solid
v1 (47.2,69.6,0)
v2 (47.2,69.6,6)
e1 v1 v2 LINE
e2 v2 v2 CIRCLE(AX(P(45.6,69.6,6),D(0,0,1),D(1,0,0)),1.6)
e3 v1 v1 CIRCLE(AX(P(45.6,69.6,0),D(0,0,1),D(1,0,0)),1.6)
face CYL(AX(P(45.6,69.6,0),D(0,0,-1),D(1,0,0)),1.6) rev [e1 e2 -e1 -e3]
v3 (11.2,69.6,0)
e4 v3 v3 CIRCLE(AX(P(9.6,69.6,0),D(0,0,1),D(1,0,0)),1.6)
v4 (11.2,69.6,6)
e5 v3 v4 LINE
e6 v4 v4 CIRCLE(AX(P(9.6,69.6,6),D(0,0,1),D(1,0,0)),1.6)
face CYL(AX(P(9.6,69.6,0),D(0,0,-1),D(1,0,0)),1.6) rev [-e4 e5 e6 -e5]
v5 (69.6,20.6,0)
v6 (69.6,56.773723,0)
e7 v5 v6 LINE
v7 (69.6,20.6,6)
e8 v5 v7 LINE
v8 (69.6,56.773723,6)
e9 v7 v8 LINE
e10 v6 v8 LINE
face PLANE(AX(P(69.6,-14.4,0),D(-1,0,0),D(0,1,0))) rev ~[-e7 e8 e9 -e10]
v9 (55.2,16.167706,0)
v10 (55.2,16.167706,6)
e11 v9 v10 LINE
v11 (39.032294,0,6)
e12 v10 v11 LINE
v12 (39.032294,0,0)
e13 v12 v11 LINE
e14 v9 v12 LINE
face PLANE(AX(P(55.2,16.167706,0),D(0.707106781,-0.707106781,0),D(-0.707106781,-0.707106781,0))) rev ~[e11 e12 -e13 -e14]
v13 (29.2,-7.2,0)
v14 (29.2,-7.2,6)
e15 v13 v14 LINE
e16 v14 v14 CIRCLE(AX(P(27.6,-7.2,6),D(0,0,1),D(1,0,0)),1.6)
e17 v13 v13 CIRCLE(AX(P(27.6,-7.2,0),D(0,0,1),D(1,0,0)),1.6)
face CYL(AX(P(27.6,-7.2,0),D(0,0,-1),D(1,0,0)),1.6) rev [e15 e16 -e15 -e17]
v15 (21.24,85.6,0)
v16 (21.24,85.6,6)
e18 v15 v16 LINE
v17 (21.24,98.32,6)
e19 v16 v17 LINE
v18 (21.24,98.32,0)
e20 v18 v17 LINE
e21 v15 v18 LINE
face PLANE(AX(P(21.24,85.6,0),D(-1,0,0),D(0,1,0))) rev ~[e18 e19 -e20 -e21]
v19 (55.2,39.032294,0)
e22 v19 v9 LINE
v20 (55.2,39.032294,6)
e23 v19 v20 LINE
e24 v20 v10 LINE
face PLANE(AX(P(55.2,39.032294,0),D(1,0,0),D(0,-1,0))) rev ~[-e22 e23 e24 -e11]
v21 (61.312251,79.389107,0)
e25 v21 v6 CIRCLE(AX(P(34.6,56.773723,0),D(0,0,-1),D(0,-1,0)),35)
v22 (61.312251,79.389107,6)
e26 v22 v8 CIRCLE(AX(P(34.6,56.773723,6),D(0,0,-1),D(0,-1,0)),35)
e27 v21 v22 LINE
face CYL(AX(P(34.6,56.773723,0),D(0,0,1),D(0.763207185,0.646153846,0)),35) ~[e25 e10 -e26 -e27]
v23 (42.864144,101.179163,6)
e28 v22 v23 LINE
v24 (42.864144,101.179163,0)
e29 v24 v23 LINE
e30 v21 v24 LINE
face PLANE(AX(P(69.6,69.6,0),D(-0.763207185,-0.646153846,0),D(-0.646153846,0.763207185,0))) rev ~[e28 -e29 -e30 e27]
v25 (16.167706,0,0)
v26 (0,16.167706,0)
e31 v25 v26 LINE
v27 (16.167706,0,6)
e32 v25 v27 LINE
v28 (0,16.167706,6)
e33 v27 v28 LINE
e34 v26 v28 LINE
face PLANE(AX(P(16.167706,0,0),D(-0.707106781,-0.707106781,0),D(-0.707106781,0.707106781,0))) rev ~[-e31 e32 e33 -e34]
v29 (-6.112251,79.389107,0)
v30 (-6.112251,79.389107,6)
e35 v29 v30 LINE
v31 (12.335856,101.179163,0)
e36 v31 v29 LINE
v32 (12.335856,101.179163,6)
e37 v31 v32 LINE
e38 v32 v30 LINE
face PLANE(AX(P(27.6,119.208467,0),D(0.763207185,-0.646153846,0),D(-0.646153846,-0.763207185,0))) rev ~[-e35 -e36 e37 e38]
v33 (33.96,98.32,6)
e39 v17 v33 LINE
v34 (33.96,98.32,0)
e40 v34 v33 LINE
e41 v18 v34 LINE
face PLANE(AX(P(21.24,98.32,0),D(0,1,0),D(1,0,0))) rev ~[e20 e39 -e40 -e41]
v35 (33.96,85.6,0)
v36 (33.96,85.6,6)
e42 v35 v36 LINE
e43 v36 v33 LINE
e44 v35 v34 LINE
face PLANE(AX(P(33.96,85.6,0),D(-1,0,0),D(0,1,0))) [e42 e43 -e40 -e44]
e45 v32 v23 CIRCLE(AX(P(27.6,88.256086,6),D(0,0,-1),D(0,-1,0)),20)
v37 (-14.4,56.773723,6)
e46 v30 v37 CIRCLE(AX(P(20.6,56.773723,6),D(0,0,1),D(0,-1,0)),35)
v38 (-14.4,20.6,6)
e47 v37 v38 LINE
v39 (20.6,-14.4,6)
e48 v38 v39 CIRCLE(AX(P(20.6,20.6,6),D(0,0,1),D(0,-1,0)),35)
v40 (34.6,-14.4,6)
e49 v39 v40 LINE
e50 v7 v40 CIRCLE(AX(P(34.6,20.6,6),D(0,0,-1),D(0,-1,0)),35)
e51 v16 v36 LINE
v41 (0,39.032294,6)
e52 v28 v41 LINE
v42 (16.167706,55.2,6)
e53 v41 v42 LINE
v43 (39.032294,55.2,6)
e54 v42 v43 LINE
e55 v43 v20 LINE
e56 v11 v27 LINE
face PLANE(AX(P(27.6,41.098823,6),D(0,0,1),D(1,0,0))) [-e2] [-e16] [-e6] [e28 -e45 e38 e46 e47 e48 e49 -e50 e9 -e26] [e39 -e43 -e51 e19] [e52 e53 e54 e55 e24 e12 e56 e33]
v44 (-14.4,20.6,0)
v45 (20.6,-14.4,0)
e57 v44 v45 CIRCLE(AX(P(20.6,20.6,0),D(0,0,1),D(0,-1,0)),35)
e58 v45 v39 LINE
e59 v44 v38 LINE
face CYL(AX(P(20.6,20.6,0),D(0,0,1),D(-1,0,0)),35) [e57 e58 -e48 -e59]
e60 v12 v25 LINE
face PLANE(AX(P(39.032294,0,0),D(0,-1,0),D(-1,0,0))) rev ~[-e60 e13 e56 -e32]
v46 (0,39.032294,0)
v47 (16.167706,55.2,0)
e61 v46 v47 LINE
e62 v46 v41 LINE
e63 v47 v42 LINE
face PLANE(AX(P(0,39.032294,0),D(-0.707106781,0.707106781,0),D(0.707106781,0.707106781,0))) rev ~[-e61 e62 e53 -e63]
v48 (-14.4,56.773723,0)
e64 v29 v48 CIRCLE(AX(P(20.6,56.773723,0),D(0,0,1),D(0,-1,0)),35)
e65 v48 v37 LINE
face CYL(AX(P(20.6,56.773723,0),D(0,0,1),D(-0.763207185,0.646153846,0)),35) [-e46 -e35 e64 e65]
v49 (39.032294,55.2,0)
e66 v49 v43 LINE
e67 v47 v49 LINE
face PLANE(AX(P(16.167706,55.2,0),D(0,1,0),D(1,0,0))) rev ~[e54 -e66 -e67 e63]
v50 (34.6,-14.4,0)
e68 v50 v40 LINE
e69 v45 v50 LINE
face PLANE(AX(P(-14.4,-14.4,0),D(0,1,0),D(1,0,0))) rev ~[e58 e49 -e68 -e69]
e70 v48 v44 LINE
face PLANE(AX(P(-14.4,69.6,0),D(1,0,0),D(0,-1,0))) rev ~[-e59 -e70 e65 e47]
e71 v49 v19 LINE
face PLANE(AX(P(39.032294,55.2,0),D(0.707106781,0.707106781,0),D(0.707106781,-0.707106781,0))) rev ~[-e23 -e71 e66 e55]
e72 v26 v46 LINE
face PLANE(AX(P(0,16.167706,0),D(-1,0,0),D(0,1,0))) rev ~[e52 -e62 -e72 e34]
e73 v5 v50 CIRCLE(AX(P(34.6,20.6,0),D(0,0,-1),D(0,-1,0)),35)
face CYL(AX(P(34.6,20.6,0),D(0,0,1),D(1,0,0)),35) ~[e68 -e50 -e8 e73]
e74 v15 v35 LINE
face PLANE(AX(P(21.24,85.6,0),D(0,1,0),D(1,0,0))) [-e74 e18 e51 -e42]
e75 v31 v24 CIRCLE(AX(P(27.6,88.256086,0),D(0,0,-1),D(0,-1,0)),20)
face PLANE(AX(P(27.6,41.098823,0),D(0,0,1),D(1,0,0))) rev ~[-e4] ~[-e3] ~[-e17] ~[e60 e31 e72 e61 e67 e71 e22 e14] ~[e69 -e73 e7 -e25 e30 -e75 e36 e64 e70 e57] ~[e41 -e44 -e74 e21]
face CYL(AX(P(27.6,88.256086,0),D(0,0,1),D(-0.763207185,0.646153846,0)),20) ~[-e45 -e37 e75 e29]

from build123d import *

# Parameters (mm, degrees)
F0_R     = 1.6
F0_W     = 12.72
F0_H     = 12.72
F1_DEPTH = 6
F2_R     = 35
F3_R     = 20


with BuildPart() as f1:
    # F0 (on Top) → F1 (new body)
    with BuildSketch(Plane.XY):
        Polygon((27.6, 119.208467), (-14.4, 69.6), (-14.4, -14.4), (69.6, -14.4), (69.6, 69.6), align=None)
        with Locations((27.6, -7.2)):
            Circle(F0_R, mode=Mode.SUBTRACT)
        Polygon((27.6, 0), (16.167706, 0), (8.083853, 8.083853), (0, 16.167706), (0, 27.6), (0, 39.032294), (8.083853, 47.116147), (16.167706, 55.2), (27.6, 55.2), (39.032294, 55.2), (47.116147, 47.116147), (55.2, 39.032294), (55.2, 27.6), (55.2, 16.167706), (47.116147, 8.083853), (39.032294, 0), align=None, mode=Mode.SUBTRACT)
        with Locations((9.6, 69.6)):
            Circle(F0_R, mode=Mode.SUBTRACT)
        with Locations((45.6, 69.6)):
            Circle(F0_R, mode=Mode.SUBTRACT)
        with Locations((27.6, 91.96)):
            Rectangle(F0_W, F0_H, mode=Mode.SUBTRACT)
    extrude(amount=F1_DEPTH)

    # F2
    f2_edges = [f1.edges().sort_by_distance(p)[0] for p in [
        (69.6, -14.4, 3),
        (-14.4, -14.4, 3),
        (-14.4, 69.6, 3),
        (69.6, 69.6, 3),
    ]]
    fillet(f2_edges, radius=F2_R)

    # F3
    f3_edges = [f1.edges().sort_by_distance(p)[0] for p in [
        (27.6, 119.208467, 3),
    ]]
    fillet(f3_edges, radius=F3_R)


solid = f1.part
